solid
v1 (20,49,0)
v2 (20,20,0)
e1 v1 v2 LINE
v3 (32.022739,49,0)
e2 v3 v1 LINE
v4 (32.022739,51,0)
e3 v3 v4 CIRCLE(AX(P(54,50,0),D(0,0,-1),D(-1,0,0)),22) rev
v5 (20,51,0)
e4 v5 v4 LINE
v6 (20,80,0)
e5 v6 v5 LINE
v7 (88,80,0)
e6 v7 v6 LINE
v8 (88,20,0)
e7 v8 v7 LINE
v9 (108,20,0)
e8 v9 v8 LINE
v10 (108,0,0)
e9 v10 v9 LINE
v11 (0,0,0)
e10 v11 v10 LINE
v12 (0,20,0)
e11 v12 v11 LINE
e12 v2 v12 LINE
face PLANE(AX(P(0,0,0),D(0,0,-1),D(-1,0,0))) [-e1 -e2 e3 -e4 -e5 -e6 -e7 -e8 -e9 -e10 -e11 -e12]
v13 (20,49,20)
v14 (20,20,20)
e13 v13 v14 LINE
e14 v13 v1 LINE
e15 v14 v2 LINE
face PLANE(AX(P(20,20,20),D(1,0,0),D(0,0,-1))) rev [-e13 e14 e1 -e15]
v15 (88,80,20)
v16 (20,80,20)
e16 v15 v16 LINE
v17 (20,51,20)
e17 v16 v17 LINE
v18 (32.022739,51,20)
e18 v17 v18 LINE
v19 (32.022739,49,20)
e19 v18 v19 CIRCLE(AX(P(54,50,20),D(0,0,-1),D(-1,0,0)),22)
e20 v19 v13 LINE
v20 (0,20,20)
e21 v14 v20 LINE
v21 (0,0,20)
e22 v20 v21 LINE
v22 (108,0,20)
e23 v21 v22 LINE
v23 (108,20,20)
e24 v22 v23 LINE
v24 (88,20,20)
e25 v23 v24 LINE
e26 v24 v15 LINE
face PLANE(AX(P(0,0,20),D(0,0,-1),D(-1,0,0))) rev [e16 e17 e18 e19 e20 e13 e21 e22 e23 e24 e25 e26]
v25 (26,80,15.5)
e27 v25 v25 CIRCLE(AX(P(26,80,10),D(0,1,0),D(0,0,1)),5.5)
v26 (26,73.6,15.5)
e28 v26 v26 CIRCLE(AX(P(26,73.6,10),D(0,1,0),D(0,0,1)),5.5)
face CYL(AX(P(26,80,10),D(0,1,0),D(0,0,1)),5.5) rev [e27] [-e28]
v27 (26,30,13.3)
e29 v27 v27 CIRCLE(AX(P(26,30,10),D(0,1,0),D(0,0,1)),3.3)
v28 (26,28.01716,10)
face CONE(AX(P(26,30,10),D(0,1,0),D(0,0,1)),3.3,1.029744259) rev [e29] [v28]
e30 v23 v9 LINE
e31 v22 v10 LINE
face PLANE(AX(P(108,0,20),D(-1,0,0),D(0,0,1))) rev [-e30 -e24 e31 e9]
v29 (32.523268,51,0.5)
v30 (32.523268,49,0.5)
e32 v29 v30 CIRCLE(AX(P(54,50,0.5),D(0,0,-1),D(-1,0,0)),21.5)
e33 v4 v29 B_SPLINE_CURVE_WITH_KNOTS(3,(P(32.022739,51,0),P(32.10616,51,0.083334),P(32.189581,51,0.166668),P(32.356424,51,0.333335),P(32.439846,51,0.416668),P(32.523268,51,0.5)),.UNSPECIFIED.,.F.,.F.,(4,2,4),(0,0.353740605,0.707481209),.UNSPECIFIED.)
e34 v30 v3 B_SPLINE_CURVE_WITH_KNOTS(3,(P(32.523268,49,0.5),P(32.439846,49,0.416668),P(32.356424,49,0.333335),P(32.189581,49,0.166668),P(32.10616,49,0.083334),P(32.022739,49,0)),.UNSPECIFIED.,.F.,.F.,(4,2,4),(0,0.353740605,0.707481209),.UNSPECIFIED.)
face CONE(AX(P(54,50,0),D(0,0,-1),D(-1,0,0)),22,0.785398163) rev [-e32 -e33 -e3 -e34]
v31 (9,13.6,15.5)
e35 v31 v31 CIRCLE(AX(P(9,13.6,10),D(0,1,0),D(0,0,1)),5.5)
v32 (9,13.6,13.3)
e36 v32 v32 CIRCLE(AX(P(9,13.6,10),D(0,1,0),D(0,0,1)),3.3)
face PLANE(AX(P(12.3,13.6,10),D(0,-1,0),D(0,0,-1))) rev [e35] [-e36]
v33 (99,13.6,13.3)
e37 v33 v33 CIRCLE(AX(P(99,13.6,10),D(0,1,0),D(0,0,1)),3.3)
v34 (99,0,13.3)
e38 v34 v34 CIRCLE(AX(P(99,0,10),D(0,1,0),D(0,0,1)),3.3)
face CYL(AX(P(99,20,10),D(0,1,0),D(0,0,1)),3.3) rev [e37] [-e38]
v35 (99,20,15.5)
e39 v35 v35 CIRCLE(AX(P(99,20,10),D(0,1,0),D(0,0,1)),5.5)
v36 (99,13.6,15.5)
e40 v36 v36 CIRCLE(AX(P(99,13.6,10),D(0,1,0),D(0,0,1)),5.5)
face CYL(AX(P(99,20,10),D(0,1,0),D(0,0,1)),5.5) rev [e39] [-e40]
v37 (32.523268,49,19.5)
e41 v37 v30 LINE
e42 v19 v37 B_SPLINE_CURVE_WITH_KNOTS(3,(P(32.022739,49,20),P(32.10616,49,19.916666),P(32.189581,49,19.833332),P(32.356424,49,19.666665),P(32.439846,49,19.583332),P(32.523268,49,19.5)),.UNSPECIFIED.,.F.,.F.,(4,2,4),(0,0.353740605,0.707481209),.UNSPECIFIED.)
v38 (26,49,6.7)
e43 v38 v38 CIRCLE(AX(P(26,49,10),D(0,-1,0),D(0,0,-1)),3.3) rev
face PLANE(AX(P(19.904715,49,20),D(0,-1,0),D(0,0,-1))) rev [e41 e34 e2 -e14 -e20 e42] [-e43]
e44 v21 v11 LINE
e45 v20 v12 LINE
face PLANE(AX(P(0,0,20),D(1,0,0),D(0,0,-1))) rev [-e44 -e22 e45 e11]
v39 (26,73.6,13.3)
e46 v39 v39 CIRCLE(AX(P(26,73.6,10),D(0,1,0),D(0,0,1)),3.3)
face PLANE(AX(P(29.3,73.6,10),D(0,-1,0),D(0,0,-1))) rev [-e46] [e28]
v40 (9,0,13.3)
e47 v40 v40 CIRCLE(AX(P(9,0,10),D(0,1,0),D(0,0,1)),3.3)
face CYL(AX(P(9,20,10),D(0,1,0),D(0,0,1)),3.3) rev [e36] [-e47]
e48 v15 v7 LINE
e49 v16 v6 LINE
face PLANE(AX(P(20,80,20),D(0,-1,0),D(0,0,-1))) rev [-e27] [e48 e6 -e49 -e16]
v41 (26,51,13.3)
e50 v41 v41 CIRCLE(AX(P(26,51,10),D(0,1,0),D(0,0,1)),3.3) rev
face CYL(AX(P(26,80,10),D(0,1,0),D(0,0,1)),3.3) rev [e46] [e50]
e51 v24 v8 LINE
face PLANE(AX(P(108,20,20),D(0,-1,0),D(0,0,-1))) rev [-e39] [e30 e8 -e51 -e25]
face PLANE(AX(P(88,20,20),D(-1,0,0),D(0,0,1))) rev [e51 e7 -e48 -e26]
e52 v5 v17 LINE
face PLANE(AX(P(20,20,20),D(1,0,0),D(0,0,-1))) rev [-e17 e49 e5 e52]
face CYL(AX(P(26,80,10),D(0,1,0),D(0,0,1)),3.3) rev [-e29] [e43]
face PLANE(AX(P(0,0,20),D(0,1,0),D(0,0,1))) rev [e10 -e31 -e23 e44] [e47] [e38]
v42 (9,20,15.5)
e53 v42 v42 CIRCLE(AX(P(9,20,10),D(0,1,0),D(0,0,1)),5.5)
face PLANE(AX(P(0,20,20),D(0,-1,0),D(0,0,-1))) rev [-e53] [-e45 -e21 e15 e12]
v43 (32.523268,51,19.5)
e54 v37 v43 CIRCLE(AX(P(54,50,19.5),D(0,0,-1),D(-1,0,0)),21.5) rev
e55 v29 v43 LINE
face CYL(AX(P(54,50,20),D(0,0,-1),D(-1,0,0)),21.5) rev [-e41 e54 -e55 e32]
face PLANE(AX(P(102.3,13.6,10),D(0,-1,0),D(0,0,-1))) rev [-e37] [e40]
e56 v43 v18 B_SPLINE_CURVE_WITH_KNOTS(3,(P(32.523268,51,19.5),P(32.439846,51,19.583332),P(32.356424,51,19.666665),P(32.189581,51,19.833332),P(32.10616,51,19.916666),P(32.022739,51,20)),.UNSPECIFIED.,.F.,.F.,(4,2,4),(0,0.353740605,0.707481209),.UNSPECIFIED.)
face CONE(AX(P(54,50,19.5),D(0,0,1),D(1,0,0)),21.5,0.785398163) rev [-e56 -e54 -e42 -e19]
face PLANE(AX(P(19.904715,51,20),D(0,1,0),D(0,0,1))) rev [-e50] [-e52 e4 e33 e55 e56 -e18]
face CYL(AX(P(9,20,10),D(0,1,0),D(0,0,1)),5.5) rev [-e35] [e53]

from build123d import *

# Parameters (mm, degrees)
SCHIZZO1_R                                           = 21.5
ESTRUSIONE_ESTRUSIONE1_DEPTH                         = 20
FORO_LAMATO_PER_VITE_M6_A_TESTA_CILINDRI_D           = 6.6
FORO_LAMATO_PER_VITE_M6_A_TESTA_CILINDRI_CBORE_D     = 11
FORO_LAMATO_PER_VITE_M6_A_TESTA_CILINDRI_CBORE_DEPTH = 6.4
CBORE_FOR_M6_HEX_SOCKET_HEAD_CAP_SCREW1_D            = 6.6
CBORE_FOR_M6_HEX_SOCKET_HEAD_CAP_SCREW1_DEPTH        = 50
CBORE_FOR_M6_HEX_SOCKET_HEAD_CAP_SCREW1_CBORE_D      = 11
CBORE_FOR_M6_HEX_SOCKET_HEAD_CAP_SCREW1_CBORE_DEPTH  = 6.4
CBORE_FOR_M6_HEX_SOCKET_HEAD_CAP_SCREW1_TIP          = 1.982840043
SCHIZZO7_W                                           = 15.52137419
SCHIZZO7_H                                           = 2
TAGLIO_ESTRUSIONE1_DEPTH                             = 136.882302012
CHAMFER1_SIZE                                        = 0.5
CHAMFER2_SIZE                                        = 0.5


with BuildPart() as part:
    # Schizzo1 → Estrusione-Estrusione1 (new body)
    with BuildSketch(Plane.XY):
        Polygon((0, 0), (108, 0), (108, 20), (88, 20), (88, 80), (20, 80), (20, 20), (0, 20), align=None)
        with Locations((54, 50)):
            Circle(SCHIZZO1_R, mode=Mode.SUBTRACT)
    extrude(amount=ESTRUSIONE_ESTRUSIONE1_DEPTH)

    # Foro lamato per Vite M6 a testa cilindrica-1 (through all)
    with Locations(Plane(origin=(9, 20, 10), x_dir=(0, 0, 1), z_dir=(0, 1, 0))):
        with Locations((0, 0), (0, 90)):
            CounterBoreHole(FORO_LAMATO_PER_VITE_M6_A_TESTA_CILINDRI_D / 2, FORO_LAMATO_PER_VITE_M6_A_TESTA_CILINDRI_CBORE_D / 2, FORO_LAMATO_PER_VITE_M6_A_TESTA_CILINDRI_CBORE_DEPTH)

    # CBORE for M6 Hex Socket Head Cap Screw1
    with Locations(Plane(origin=(26, 80, 10), x_dir=(0, 0, 1), z_dir=(0, 1, 0))):
        with Locations((0, 0)):
            CounterBoreHole(CBORE_FOR_M6_HEX_SOCKET_HEAD_CAP_SCREW1_D / 2, CBORE_FOR_M6_HEX_SOCKET_HEAD_CAP_SCREW1_CBORE_D / 2, CBORE_FOR_M6_HEX_SOCKET_HEAD_CAP_SCREW1_CBORE_DEPTH, depth=CBORE_FOR_M6_HEX_SOCKET_HEAD_CAP_SCREW1_DEPTH)
            with Locations((0, 0, -(CBORE_FOR_M6_HEX_SOCKET_HEAD_CAP_SCREW1_DEPTH + CBORE_FOR_M6_HEX_SOCKET_HEAD_CAP_SCREW1_TIP / 2))):  # 118° drill point
                Cone(0, CBORE_FOR_M6_HEX_SOCKET_HEAD_CAP_SCREW1_D / 2, CBORE_FOR_M6_HEX_SOCKET_HEAD_CAP_SCREW1_TIP, mode=Mode.SUBTRACT)

    # Schizzo7 → Taglio-Estrusione1 (cut, through all)
    with BuildSketch(Plane(origin=(0, 0, 0), x_dir=(-1, 0, 0), z_dir=(0, 0, -1))):
        with Locations((-27.66540179, 50)):
            Rectangle(SCHIZZO7_W, SCHIZZO7_H)
    extrude(amount=-TAGLIO_ESTRUSIONE1_DEPTH, mode=Mode.SUBTRACT)

    # Chamfer1
    chamfer1_edges = [part.edges().sort_by_distance(p)[0] for p in [
        (54.500135336, 71.494182112, 0),
    ]]
    chamfer(chamfer1_edges, length=CHAMFER1_SIZE)

    # Chamfer2
    chamfer2_edges = [part.edges().sort_by_distance(p)[0] for p in [
        (54.500135336, 28.505817888, 20),
    ]]
    chamfer(chamfer2_edges, length=CHAMFER2_SIZE)


solid = part.part
